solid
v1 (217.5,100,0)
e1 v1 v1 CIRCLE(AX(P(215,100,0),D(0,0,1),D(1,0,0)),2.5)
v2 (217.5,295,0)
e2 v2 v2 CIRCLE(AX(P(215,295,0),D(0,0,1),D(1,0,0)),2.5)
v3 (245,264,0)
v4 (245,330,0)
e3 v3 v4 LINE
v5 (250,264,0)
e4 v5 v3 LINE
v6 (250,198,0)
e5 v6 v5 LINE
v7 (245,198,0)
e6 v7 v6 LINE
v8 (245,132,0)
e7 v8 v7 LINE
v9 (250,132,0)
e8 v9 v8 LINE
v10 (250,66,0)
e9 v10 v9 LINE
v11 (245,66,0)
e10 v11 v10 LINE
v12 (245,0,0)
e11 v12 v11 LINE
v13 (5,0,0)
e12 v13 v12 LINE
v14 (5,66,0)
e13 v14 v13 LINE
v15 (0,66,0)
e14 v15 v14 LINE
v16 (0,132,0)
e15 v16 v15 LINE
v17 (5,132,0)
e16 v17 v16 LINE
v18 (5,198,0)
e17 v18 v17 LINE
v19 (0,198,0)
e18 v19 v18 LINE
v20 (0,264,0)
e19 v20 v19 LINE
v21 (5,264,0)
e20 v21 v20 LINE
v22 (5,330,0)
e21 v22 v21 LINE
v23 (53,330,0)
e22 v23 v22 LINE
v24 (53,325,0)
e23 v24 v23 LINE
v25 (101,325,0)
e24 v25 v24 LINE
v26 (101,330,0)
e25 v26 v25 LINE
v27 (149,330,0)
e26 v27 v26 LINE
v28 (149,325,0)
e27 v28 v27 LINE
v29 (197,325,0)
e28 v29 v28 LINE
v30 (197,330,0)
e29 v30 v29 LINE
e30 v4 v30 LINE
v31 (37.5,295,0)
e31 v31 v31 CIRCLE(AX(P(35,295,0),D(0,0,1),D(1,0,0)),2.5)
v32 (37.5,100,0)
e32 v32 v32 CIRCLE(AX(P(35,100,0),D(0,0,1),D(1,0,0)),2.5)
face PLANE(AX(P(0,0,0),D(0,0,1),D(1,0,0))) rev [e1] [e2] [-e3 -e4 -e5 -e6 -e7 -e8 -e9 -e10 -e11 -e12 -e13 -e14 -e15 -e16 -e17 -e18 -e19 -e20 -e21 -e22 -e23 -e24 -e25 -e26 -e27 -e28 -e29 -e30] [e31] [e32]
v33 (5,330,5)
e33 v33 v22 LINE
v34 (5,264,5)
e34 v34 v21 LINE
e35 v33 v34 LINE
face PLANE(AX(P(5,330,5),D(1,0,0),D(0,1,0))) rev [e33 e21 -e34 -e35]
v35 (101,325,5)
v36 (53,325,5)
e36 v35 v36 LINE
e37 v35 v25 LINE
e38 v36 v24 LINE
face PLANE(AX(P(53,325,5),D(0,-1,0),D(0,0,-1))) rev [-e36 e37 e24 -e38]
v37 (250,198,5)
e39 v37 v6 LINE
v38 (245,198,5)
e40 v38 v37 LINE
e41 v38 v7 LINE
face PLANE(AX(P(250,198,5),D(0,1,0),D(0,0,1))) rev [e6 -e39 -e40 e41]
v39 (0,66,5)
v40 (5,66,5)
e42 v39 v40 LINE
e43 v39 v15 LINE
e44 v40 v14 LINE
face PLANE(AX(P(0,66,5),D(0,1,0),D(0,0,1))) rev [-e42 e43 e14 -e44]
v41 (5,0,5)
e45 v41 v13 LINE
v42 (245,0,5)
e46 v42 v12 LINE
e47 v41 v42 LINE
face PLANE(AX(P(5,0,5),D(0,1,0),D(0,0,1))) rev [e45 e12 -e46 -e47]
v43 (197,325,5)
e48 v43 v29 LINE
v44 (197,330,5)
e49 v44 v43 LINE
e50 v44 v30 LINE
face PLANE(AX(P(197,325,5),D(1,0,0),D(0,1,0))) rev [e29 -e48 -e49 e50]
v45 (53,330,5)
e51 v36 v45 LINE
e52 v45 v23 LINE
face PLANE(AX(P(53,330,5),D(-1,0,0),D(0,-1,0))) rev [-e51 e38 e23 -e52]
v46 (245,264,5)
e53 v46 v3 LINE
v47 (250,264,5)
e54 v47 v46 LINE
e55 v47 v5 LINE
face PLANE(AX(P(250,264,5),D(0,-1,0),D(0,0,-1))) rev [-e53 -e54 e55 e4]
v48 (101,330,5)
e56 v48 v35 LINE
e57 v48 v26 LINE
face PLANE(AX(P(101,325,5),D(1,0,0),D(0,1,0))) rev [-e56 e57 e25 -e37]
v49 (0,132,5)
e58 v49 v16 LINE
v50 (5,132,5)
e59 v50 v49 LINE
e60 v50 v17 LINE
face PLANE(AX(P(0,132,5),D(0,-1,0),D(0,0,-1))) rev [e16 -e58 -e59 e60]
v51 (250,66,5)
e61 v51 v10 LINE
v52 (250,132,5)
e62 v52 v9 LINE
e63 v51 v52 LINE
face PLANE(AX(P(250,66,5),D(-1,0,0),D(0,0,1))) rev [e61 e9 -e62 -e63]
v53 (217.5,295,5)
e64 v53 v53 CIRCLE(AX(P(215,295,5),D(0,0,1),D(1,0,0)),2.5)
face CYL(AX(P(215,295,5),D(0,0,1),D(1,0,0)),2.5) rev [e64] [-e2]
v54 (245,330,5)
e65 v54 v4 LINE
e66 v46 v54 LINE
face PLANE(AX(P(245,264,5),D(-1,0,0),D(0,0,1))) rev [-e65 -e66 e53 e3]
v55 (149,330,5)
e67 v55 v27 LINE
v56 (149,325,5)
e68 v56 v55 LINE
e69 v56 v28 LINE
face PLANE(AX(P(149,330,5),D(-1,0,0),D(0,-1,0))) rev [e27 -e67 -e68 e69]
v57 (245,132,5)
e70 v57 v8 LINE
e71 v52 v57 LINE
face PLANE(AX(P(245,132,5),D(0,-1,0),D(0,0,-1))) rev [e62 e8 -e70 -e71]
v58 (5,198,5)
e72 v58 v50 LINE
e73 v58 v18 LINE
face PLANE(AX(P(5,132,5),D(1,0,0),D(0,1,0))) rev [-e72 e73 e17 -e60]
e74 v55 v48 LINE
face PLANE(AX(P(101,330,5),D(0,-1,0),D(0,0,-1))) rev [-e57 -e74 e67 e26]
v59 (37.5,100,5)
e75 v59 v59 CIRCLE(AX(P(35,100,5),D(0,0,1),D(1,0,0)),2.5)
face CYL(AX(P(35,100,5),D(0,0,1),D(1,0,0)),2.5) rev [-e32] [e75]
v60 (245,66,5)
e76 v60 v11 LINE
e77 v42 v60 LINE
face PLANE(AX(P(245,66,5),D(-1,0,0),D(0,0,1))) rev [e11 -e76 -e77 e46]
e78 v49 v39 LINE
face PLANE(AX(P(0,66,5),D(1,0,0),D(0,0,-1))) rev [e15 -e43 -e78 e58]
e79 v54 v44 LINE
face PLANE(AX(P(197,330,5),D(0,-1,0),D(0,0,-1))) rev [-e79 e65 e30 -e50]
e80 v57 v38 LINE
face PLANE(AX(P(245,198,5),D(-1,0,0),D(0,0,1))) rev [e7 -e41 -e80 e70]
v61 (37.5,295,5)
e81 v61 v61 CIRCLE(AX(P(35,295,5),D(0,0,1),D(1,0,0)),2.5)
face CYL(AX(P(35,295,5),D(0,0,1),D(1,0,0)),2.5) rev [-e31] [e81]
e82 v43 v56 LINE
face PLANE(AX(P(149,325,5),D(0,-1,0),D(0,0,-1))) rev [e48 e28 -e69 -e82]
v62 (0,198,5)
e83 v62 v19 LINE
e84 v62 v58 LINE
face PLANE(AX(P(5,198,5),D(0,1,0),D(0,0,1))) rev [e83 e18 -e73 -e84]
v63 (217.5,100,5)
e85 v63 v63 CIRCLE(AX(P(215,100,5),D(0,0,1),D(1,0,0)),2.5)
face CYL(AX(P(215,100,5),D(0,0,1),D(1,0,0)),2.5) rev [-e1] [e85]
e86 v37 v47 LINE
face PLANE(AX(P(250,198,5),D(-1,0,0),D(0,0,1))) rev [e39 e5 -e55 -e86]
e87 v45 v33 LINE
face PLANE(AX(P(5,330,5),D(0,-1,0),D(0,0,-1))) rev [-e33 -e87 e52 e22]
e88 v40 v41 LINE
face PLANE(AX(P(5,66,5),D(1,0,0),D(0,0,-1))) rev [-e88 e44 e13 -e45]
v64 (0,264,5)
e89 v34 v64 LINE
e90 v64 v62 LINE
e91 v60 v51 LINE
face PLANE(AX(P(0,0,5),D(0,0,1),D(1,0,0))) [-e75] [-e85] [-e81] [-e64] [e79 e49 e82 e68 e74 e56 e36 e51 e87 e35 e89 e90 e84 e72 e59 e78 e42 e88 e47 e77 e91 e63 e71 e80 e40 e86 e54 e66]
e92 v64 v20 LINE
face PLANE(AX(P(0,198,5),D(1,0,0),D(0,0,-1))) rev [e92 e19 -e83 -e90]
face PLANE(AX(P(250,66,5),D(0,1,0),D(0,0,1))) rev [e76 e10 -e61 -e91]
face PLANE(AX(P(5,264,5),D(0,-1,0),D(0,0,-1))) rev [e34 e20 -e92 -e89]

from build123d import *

# Parameters (mm, degrees)
BOSS_EXTRU_1_DEPTH                = 5
DIAM_TRE_DU_PER_AGE_5_0_5_1_D     = 5
DIAM_TRE_DU_PER_AGE_5_0_5_1_DEPTH = 5


with BuildPart() as part:
    # Esquisse1 → Boss.-Extru.1 (new body)
    with BuildSketch(Plane.XY):
        Polygon((0, 66), (5, 66), (5, 0), (245, 0), (245, 66), (250, 66), (250, 132), (245, 132), (245, 198), (250, 198), (250, 264), (245, 264), (245, 330), (197, 330), (197, 325), (149, 325), (149, 330), (101, 330), (101, 325), (53, 325), (53, 330), (5, 330), (5, 264), (0, 264), (0, 198), (5, 198), (5, 132), (0, 132), align=None)
    extrude(amount=BOSS_EXTRU_1_DEPTH)

    # Diamètre du perçage Ø5.0 (5)1
    with Locations(Plane.XY.offset(5)):
        with Locations((35, 295), (215, 295), (215, 100), (35, 100)):
            Hole(DIAM_TRE_DU_PER_AGE_5_0_5_1_D / 2, depth=DIAM_TRE_DU_PER_AGE_5_0_5_1_DEPTH)


solid = part.part
